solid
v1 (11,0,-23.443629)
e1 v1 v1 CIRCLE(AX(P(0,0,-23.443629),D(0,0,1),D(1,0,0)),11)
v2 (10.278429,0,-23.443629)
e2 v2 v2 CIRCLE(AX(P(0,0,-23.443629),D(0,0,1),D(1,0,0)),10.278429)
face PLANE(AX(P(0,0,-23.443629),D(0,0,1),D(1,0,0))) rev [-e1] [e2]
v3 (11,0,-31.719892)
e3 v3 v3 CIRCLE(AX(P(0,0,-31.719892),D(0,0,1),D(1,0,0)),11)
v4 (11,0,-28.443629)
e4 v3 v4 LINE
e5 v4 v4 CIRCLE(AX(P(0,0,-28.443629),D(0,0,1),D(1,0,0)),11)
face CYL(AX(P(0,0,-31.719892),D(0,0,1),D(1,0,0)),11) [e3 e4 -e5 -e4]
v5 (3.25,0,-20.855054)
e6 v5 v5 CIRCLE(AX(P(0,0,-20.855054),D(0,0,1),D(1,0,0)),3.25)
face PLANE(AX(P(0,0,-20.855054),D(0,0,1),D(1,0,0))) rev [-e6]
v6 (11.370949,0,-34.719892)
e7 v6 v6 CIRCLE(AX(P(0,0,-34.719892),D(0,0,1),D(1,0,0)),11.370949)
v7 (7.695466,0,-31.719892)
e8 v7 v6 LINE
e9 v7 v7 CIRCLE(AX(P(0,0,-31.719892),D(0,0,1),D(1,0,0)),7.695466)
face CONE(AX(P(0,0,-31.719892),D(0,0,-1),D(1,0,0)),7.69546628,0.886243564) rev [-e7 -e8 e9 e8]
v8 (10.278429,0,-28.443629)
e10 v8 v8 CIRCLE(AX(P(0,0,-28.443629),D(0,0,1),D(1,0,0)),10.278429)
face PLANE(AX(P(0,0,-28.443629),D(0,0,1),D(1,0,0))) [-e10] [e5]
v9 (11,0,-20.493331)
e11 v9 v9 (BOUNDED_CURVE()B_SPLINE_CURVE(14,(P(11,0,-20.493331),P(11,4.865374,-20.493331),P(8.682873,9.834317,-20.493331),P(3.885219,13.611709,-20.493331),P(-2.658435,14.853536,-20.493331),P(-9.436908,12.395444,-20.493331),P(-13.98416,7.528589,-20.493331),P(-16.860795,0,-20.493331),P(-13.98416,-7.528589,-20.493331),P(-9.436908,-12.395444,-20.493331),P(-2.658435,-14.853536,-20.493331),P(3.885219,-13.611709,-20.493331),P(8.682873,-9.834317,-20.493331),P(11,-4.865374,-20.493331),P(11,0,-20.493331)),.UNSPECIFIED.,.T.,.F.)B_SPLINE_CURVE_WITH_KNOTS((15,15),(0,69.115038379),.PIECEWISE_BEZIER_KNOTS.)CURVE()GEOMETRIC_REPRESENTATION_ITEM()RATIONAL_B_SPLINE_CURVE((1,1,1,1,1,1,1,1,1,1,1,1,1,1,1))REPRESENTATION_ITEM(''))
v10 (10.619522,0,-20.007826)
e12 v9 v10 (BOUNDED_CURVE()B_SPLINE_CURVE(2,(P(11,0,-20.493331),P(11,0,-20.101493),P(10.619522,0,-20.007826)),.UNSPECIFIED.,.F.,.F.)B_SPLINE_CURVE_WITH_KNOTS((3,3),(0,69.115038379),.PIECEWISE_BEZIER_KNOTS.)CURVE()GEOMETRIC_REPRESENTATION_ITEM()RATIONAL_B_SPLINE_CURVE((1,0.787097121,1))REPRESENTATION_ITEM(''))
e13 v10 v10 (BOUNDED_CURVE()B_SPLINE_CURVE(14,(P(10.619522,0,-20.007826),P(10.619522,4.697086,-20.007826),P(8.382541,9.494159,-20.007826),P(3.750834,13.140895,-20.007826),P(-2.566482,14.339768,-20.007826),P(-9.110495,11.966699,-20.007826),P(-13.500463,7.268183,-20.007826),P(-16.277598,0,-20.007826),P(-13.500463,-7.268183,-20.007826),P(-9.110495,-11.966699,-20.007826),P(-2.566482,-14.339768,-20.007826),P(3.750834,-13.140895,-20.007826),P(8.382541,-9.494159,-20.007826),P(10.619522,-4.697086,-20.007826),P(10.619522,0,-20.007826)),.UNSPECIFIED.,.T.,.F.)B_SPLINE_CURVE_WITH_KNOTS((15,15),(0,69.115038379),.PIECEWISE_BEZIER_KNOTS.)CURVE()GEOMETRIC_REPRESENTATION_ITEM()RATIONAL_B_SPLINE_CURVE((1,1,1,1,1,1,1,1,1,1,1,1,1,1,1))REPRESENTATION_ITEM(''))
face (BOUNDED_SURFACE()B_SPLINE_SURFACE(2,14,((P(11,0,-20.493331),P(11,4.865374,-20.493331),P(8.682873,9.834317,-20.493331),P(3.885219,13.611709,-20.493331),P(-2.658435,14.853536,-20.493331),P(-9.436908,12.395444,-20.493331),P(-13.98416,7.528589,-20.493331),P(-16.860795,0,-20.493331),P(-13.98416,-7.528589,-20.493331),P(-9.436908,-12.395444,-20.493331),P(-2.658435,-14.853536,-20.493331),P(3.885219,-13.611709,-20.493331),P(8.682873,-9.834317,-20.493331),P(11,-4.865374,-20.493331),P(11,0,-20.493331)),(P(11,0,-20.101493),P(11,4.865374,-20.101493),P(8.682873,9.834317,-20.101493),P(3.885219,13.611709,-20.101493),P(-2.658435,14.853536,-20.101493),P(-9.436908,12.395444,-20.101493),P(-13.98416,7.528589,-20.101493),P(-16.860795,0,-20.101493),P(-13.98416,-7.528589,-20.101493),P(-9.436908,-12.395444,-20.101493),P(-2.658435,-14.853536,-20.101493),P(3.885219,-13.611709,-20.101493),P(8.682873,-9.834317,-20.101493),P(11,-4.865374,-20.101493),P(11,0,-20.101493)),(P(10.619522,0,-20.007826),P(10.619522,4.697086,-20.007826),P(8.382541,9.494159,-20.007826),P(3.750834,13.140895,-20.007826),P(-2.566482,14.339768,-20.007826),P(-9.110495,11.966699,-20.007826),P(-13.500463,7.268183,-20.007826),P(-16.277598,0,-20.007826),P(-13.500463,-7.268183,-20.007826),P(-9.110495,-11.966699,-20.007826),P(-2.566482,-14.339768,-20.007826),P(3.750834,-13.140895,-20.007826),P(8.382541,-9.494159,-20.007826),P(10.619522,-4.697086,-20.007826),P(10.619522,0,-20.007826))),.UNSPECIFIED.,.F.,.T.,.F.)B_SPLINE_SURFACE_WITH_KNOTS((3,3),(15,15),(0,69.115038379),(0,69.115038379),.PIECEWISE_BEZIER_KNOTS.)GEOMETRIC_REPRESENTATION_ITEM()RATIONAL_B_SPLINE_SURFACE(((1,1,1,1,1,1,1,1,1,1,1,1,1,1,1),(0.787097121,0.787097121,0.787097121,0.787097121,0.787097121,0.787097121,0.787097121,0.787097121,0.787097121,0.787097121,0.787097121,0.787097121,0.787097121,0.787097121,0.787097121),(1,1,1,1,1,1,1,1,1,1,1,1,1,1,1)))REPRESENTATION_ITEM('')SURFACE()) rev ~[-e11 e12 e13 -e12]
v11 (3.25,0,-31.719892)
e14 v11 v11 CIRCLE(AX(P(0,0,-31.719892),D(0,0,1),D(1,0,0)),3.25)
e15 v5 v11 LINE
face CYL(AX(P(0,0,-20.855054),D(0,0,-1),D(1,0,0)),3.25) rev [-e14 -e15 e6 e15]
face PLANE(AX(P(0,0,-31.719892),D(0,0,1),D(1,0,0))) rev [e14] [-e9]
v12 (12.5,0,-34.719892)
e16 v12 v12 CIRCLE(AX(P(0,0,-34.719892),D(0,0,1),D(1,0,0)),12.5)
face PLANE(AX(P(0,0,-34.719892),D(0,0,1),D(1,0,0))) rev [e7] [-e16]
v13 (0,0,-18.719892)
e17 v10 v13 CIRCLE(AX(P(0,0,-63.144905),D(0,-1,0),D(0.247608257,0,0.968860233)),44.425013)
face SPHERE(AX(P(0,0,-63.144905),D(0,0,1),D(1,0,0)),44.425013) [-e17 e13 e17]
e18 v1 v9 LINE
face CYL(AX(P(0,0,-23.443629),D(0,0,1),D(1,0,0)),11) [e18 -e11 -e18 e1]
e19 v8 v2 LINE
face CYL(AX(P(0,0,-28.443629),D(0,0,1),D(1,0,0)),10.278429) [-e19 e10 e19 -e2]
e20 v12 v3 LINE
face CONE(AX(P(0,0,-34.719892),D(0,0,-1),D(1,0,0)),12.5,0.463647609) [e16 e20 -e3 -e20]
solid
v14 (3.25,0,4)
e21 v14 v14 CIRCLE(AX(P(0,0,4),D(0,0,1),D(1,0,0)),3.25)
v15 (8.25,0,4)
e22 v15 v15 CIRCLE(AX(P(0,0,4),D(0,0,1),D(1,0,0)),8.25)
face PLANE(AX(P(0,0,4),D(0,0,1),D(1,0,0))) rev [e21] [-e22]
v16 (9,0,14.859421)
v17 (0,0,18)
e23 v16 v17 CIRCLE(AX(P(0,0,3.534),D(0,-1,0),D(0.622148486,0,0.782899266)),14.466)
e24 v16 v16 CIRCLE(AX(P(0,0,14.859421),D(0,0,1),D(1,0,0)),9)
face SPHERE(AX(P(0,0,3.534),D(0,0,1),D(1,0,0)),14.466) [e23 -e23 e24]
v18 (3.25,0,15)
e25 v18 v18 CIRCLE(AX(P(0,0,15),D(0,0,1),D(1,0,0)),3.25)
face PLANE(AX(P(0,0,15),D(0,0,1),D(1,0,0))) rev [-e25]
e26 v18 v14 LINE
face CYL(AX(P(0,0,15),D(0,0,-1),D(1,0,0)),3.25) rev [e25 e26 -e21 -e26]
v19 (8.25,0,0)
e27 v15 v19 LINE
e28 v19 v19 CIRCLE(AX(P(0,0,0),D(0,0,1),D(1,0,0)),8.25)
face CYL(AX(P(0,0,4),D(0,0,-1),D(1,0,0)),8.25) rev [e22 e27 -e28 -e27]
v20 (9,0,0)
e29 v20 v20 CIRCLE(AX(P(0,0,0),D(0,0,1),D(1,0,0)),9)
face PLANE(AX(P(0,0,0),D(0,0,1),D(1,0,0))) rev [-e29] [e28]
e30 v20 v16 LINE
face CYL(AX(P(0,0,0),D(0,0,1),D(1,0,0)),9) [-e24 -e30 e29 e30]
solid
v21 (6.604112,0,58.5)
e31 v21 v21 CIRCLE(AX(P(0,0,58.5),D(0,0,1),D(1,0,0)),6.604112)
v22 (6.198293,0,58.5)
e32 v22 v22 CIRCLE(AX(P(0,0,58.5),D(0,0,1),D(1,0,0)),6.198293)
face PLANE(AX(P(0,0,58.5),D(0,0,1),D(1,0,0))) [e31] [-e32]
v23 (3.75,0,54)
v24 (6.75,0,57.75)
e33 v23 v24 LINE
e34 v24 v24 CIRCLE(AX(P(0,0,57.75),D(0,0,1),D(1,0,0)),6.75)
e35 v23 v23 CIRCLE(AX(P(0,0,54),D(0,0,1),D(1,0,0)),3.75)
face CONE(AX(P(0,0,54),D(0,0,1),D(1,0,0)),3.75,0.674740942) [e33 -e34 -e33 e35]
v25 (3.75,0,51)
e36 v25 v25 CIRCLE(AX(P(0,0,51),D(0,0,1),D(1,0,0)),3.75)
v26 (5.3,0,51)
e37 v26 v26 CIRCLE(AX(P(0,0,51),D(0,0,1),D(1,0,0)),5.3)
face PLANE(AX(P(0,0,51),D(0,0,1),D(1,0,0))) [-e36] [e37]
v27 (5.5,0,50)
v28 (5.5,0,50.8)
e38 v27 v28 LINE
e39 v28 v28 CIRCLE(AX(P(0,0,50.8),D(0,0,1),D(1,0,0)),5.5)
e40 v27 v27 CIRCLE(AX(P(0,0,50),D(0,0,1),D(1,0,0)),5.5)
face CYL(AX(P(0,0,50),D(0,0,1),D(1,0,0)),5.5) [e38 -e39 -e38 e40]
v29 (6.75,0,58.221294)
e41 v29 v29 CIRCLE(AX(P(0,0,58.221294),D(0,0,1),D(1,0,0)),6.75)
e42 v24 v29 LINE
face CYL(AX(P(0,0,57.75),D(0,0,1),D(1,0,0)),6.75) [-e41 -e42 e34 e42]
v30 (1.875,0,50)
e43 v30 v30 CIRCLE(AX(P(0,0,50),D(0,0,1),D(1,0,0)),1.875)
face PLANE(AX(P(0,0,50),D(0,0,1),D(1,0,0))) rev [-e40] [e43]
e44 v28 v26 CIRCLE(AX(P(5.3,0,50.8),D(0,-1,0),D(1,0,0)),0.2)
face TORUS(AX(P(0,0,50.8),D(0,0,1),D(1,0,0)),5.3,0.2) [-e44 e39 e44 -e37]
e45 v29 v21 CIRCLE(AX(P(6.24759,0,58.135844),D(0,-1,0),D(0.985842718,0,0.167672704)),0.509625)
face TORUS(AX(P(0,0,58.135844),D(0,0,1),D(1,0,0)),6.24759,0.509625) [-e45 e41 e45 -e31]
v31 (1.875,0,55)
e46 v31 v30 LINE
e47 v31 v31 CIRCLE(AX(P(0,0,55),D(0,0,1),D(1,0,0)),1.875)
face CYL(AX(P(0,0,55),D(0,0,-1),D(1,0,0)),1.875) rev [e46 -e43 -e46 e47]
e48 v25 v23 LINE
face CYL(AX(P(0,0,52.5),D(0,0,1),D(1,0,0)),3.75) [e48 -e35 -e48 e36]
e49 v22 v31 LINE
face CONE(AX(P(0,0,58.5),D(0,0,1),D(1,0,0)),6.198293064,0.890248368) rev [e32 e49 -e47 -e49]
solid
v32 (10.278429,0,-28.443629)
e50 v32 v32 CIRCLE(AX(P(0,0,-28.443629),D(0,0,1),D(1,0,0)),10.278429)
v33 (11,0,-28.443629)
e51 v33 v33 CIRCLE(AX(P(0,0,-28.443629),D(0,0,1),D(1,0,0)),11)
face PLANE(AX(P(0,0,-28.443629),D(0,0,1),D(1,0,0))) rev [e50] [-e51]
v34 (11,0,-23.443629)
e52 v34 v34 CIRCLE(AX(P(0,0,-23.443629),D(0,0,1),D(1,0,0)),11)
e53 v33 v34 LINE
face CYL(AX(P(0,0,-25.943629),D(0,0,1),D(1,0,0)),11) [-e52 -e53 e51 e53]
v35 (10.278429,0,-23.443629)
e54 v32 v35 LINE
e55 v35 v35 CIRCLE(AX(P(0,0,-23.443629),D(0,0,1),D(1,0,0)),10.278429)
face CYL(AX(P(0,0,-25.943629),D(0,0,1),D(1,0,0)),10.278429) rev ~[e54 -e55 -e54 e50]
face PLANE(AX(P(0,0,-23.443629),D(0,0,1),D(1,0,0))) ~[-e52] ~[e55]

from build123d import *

# Parameters (mm, degrees)
F2_W = 1.875
F2_H = 3
F4_R = 0.2
F5_W = 0.7215710953
F5_H = 5
F8_R = 0.5


with BuildPart() as f1:
    # F0 (on Front) → F1 (revolve)
    with BuildSketch(Plane.XZ):
        with BuildLine():
            Line((0, 18), (0, 15))
            Line((0, 15), (3.25, 15))
            Line((3.25, 15), (3.25, 4))
            Line((3.25, 4), (8.25, 4))
            Line((8.25, 4), (8.25, 0))
            Line((8.25, 0), (9, 0))
            Line((9, 0), (9, 14.8594207869))
            ThreePointArc((9, 14.8594207869), (4.7661105158, 17.1923068699), (0, 18))
        make_face()
    revolve(axis=Axis((0, 0, 9), (0, 0, 1)))


with BuildPart() as f3:
    # F2 (on Front) → F3 (revolve)
    with BuildSketch(Plane.XZ):
        with BuildLine():
            Line((1.875, 55), (1.875, 54))
            Line((1.875, 54), (3.75, 54))
            Line((3.75, 54), (6.75, 57.75))
            Line((6.75, 57.75), (6.75, 58.0503940582))
            Line((6.75, 58.0503940582), (6.75, 58.2212944026))
            ThreePointArc((6.75, 58.2212944026), (6.6990989647, 58.3721854813), (6.6041122191, 58.5))
            Line((6.6041122191, 58.5), (6.1982930638, 58.5))
            Line((6.1982930638, 58.5), (1.875, 55))
        make_face()
        with Locations((2.8125, 52.5)):
            Rectangle(F2_W, F2_H)
        Polygon((1.875, 51), (1.875, 50), (5.5, 50), (5.5, 51), (3.75, 51), align=None)
    revolve(axis=Axis((0, 0, 54.25), (0, 0, 1)))

    # F4
    f4_edges = [f3.edges().sort_by_distance(p)[0] for p in [
        (-5.5, 0, 51),
    ]]
    fillet(f4_edges, radius=F4_R)


with BuildPart() as f6:
    # F5 (on Front) → F6 (revolve)
    with BuildSketch(Plane.XZ):
        with BuildLine():
            Line((3.25, -31.7198918813), (7.69546628, -31.7198918813))
            Line((7.69546628, -31.7198918813), (11, -31.7198918813))
            Line((11, -31.7198918813), (11, -28.4436289221))
            Line((11, -28.4436289221), (10.2784289047, -28.4436289221))
            Line((10.2784289047, -28.4436289221), (10.2784289047, -23.4436289221))
            Line((10.2784289047, -23.4436289221), (11, -23.4436289221))
            Line((11, -23.4436289221), (11, -20.1032764325))
            ThreePointArc((11, -20.1032764325), (5.5433237506, -19.0670947983), (0, -18.7198918813))
            Line((0, -18.7198918813), (0, -20.8550542593))
            Line((0, -20.8550542593), (3.25, -20.8550542593))
            Line((3.25, -20.8550542593), (3.25, -31.7198918813))
        make_face()
        Polygon((7.69546628, -31.7198918813), (11.3709494472, -34.7198918813), (12.5, -34.7198918813), (11, -31.7198918813), align=None)
    revolve(axis=Axis((0, 0, -26.2874730703), (0, 0, 1)))

    # F8
    f8_edges = [f6.edges().sort_by_distance(p)[0] for p in [
        (-11, 0, -20.103276),
    ]]
    fillet(f8_edges, radius=F8_R)


with BuildPart() as f7:
    # F5 (on Front) → F7 (revolve)
    with BuildSketch(Plane.XZ):
        with Locations((10.6392144524, -25.9436289221)):
            Rectangle(F5_W, F5_H)
    revolve(axis=Axis((0, 0, -28.4436289221), (0, 0, 1)))


solid = Compound([f1.part, f3.part, f6.part, f7.part])
